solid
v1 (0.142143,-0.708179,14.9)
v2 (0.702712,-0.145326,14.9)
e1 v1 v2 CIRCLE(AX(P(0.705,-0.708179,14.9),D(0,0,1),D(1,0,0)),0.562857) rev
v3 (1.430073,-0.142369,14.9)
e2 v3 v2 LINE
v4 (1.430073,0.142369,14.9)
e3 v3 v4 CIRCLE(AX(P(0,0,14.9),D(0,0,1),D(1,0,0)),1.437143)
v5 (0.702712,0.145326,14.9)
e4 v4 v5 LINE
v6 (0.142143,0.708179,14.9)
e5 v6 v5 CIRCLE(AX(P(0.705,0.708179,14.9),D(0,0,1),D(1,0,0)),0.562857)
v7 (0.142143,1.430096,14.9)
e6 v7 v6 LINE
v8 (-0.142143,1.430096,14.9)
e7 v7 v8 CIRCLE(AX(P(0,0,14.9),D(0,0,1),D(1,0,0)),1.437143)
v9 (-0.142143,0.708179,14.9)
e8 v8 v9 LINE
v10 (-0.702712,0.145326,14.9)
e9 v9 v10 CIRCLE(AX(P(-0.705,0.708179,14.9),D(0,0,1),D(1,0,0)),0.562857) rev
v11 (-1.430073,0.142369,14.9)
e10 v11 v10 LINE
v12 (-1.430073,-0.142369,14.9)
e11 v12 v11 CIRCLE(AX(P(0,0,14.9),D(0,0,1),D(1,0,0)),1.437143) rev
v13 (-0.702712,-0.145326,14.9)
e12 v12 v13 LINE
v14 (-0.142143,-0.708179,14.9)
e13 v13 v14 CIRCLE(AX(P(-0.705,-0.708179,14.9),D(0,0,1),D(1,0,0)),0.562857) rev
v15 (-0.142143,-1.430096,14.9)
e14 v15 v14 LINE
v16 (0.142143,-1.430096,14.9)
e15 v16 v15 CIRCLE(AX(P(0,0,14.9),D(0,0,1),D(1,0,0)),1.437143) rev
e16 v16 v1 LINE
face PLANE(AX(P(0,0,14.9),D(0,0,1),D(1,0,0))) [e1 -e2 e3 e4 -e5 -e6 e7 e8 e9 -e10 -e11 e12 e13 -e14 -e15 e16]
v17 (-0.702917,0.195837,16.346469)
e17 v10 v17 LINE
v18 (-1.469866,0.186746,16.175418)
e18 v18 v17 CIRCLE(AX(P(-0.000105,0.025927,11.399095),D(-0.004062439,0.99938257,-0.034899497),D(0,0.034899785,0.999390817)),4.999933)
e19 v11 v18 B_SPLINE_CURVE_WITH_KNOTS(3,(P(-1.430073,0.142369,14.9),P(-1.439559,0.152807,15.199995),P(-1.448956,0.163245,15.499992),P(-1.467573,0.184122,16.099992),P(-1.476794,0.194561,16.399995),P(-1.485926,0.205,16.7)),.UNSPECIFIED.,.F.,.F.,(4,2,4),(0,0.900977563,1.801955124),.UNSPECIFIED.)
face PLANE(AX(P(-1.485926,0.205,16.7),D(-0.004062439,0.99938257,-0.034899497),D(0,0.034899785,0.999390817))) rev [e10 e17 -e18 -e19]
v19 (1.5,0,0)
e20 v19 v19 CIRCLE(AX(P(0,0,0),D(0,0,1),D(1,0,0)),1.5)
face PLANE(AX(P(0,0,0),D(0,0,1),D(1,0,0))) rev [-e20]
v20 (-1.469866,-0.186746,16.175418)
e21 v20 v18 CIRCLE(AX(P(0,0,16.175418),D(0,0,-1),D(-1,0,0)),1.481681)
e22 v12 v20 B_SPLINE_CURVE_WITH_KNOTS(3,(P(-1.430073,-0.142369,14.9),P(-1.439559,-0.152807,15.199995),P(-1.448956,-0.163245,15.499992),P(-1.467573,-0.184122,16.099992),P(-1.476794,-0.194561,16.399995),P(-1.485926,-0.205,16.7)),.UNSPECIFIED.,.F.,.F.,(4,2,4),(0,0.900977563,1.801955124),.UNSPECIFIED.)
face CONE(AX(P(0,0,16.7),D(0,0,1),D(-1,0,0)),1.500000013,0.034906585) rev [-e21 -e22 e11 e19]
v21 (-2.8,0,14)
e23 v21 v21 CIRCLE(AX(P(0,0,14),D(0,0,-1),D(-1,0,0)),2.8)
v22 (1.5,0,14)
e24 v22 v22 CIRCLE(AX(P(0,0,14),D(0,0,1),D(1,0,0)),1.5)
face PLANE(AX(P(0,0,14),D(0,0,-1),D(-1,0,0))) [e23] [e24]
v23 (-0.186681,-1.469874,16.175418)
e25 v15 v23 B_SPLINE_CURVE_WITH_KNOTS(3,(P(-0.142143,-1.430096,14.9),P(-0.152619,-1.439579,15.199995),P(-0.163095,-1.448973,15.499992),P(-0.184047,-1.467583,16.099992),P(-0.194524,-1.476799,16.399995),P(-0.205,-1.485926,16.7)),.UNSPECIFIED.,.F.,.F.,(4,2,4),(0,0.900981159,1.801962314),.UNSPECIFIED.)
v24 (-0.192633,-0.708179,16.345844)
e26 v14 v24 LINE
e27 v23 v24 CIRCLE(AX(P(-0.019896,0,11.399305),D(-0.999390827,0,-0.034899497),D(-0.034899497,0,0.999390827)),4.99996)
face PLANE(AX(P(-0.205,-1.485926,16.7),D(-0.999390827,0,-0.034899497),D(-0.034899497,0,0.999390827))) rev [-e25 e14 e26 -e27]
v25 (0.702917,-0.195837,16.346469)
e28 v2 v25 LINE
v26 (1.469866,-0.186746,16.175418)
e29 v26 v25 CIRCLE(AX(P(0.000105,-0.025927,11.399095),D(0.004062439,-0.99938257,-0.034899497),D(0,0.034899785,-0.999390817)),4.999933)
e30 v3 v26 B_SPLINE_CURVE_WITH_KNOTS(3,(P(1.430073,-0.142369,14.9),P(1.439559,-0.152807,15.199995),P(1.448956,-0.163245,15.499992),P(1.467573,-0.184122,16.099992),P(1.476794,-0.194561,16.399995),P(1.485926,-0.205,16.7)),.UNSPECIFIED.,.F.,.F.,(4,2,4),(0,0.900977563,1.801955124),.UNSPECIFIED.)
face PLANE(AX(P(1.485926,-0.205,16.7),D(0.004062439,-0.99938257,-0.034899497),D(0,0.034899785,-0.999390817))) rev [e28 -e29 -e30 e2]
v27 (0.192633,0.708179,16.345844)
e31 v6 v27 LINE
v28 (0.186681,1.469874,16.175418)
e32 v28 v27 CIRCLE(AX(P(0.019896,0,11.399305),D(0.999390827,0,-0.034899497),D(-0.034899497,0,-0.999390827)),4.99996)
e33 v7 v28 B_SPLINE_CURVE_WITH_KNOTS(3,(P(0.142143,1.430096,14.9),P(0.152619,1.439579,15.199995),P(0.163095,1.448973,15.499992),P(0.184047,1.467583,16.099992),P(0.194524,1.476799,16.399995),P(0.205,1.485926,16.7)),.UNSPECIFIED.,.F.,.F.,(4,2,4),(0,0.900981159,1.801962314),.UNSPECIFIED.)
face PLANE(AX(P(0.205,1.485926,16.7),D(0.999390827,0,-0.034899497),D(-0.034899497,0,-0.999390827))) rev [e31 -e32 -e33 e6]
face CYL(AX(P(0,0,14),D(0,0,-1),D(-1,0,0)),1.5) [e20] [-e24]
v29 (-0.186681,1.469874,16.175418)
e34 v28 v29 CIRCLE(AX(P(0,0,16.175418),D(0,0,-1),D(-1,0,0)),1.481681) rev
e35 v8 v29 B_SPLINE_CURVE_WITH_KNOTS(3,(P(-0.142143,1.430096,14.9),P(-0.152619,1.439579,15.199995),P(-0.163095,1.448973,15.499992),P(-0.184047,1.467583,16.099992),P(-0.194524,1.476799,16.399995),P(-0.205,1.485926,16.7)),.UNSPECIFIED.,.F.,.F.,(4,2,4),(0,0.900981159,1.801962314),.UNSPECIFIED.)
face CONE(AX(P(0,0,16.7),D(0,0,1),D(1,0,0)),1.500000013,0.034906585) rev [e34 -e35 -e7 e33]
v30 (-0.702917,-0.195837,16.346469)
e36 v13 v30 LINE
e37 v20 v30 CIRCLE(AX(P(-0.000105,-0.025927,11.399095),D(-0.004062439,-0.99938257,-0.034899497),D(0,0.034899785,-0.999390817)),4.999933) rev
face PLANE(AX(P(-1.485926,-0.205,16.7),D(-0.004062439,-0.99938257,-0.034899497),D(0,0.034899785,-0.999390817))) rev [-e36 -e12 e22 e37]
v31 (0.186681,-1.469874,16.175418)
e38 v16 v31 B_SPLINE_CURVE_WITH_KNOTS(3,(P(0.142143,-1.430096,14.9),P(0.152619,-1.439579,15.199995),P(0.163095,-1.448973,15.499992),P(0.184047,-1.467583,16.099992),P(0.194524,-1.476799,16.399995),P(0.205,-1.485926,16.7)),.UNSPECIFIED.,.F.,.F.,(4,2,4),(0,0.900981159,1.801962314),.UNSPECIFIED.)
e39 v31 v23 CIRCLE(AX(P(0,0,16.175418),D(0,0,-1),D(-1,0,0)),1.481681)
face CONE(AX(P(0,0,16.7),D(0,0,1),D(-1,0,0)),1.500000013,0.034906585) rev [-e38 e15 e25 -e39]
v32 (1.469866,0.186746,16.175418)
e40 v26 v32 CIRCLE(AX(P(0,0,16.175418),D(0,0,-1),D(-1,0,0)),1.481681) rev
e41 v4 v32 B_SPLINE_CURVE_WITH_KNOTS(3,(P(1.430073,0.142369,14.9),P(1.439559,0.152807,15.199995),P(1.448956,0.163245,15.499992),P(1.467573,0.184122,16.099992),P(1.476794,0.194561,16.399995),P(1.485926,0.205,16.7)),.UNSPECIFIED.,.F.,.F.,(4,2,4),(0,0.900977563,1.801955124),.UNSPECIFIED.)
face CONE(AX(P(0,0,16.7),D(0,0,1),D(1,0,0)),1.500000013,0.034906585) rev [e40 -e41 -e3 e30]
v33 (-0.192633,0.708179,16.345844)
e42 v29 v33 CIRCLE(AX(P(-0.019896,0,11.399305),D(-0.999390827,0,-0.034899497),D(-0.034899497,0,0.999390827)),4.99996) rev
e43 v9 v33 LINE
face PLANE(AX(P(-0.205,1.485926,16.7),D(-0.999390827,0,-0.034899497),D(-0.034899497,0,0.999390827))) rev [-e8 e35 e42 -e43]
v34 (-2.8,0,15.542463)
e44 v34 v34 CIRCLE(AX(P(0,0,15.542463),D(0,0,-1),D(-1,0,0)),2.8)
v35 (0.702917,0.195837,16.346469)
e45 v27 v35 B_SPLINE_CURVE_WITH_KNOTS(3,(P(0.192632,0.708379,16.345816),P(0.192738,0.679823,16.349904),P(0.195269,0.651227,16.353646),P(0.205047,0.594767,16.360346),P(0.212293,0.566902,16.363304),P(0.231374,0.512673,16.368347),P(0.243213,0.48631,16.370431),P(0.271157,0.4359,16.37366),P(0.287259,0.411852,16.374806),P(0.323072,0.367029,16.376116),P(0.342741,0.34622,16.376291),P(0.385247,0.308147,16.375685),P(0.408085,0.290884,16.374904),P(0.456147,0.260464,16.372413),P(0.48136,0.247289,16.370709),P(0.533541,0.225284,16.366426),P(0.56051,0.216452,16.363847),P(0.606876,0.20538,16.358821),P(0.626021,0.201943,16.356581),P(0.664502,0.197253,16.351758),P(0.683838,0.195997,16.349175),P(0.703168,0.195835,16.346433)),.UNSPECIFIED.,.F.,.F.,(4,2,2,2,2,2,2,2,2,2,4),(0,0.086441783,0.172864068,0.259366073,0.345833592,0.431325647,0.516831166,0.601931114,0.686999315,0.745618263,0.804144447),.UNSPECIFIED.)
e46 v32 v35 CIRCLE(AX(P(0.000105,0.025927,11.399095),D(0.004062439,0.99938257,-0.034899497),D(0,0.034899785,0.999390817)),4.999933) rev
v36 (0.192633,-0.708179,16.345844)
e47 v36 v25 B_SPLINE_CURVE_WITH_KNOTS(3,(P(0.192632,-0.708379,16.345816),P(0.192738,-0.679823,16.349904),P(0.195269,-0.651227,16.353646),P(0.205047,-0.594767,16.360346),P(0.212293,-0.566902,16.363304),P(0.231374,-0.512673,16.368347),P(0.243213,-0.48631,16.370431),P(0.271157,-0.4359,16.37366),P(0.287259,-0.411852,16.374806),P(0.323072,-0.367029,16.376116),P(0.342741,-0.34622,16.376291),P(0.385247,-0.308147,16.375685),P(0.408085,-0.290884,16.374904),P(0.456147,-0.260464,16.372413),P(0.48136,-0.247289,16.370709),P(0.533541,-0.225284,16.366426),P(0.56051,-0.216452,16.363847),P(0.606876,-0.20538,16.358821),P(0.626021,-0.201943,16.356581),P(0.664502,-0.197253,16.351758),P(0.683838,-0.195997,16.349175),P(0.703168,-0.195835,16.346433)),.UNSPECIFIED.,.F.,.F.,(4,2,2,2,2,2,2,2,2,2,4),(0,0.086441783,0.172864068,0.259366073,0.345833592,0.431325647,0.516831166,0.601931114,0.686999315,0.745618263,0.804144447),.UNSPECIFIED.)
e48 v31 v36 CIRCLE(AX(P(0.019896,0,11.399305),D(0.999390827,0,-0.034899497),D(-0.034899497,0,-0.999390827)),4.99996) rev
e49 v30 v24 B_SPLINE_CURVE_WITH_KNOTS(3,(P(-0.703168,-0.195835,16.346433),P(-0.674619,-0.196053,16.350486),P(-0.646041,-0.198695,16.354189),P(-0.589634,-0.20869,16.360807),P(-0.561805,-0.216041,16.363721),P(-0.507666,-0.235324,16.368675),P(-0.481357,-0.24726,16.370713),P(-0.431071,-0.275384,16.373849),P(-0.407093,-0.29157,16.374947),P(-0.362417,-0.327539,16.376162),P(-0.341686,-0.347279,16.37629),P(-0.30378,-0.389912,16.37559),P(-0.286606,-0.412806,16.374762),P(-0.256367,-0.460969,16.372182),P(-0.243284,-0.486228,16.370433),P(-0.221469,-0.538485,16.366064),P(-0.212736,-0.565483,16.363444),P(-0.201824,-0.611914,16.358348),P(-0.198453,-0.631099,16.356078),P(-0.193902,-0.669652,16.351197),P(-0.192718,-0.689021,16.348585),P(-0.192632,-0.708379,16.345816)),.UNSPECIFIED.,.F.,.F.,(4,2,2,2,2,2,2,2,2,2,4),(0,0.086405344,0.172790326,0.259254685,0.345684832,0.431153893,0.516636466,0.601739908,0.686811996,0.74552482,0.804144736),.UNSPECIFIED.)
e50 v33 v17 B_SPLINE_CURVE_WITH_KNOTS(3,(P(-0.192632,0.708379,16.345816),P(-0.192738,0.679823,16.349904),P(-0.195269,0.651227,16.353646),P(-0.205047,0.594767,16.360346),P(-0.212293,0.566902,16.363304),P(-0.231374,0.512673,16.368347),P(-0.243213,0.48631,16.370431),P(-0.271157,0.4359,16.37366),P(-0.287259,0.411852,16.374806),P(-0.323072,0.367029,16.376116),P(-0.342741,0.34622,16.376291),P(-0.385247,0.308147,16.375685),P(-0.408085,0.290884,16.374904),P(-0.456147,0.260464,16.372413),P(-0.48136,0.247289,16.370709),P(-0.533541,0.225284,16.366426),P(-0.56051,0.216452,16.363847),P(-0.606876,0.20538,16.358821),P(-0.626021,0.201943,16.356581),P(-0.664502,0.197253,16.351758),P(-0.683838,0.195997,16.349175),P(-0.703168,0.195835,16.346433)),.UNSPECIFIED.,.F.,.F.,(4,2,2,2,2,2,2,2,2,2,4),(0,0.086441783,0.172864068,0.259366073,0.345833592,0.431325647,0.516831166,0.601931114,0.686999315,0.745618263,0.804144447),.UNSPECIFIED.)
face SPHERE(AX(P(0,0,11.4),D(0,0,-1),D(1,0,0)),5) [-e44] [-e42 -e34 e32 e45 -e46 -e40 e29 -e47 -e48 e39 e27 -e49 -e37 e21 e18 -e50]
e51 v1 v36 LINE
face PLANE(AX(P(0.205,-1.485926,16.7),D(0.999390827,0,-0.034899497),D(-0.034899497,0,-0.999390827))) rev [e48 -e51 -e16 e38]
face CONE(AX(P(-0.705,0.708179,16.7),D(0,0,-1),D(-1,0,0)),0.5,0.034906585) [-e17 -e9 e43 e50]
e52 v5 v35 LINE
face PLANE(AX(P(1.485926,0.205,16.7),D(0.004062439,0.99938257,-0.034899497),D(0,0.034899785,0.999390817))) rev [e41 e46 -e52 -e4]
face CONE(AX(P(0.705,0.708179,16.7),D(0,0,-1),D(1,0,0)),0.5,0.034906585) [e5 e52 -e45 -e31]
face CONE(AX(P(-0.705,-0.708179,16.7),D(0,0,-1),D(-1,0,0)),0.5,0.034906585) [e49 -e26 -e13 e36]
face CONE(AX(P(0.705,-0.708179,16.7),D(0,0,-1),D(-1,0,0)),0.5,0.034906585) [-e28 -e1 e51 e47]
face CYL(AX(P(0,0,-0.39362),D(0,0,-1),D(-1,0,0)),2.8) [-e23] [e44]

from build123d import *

# Parameters (mm, degrees)
SKETCH1_R          = 1.5
BASE_EXTRUDE_DEPTH = 14
CUT_EXTRUDE1_DEPTH = 1.799999969
CUT_EXTRUDE1_TAPER = 2


with BuildPart() as part:
    # Sketch1 → Base-Extrude (new body)
    with BuildSketch(Plane.XY):
        Circle(SKETCH1_R)
    extrude(amount=BASE_EXTRUDE_DEPTH)

    # Sketch6 → Boss-Revolve2 (revolve)
    with BuildSketch(Plane(origin=(0, 0, 0), x_dir=(1, 0, 0), z_dir=(0, 1, 0)), mode=Mode.PRIVATE) as boss_revolve2_sk:
        with BuildLine():
            Line((0, -14), (2.7999999, -14))
            Line((2.7999999, -14), (2.7999999, -15.54246308))
            ThreePointArc((2.7999999, -15.54246308), (1.46418655, -16.180811406), (0, -16.4))
            Line((0, -16.4), (0, -14))
        make_face()
    revolve(boss_revolve2_sk.sketch.rotate(Axis((0, 0, -0.393620135), (0, 0, 1)), 180), axis=Axis((0, 0, -0.393620135), (0, 0, 1)))

    # Sketch7 → Cut-Extrude1 (cut)
    with BuildSketch(Plane(origin=(0, 0, 16.7000001), x_dir=(-1, 0, 0), z_dir=(0, 0, -1))):
        with BuildLine():
            ThreePointArc((0.205000004, 1.48592565), (0, 1.500000013), (-0.205000004, 1.48592565))
            Line((-0.205000004, 1.48592565), (-0.205000004, 0.708178558))
            ThreePointArc((-0.205000004, 0.708178558), (-0.35072876, 0.355344481), (-0.702967546, 0.208182689))
            Line((-0.702967546, 0.208182689), (-1.48592565, 0.205000004))
            ThreePointArc((-1.48592565, 0.205000004), (-1.500000013, 0), (-1.48592565, -0.205000004))
            Line((-1.48592565, -0.205000004), (-0.702967546, -0.208182689))
            ThreePointArc((-0.702967546, -0.208182689), (-0.35072876, -0.355344481), (-0.205000004, -0.708178558))
            Line((-0.205000004, -0.708178558), (-0.205000004, -1.48592565))
            ThreePointArc((-0.205000004, -1.48592565), (0, -1.500000013), (0.205000004, -1.48592565))
            Line((0.205000004, -1.48592565), (0.205000004, -0.708178558))
            ThreePointArc((0.205000004, -0.708178558), (0.35072876, -0.355344481), (0.702967546, -0.208182689))
            Line((0.702967546, -0.208182689), (1.48592565, -0.205000004))
            ThreePointArc((1.48592565, -0.205000004), (1.500000013, 0), (1.48592565, 0.205000004))
            Line((1.48592565, 0.205000004), (0.702967546, 0.208182689))
            ThreePointArc((0.702967546, 0.208182689), (0.35072876, 0.355344481), (0.205000004, 0.708178558))
            Line((0.205000004, 0.708178558), (0.205000004, 1.48592565))
        make_face()
    extrude(amount=CUT_EXTRUDE1_DEPTH, taper=CUT_EXTRUDE1_TAPER, mode=Mode.SUBTRACT)


solid = part.part
